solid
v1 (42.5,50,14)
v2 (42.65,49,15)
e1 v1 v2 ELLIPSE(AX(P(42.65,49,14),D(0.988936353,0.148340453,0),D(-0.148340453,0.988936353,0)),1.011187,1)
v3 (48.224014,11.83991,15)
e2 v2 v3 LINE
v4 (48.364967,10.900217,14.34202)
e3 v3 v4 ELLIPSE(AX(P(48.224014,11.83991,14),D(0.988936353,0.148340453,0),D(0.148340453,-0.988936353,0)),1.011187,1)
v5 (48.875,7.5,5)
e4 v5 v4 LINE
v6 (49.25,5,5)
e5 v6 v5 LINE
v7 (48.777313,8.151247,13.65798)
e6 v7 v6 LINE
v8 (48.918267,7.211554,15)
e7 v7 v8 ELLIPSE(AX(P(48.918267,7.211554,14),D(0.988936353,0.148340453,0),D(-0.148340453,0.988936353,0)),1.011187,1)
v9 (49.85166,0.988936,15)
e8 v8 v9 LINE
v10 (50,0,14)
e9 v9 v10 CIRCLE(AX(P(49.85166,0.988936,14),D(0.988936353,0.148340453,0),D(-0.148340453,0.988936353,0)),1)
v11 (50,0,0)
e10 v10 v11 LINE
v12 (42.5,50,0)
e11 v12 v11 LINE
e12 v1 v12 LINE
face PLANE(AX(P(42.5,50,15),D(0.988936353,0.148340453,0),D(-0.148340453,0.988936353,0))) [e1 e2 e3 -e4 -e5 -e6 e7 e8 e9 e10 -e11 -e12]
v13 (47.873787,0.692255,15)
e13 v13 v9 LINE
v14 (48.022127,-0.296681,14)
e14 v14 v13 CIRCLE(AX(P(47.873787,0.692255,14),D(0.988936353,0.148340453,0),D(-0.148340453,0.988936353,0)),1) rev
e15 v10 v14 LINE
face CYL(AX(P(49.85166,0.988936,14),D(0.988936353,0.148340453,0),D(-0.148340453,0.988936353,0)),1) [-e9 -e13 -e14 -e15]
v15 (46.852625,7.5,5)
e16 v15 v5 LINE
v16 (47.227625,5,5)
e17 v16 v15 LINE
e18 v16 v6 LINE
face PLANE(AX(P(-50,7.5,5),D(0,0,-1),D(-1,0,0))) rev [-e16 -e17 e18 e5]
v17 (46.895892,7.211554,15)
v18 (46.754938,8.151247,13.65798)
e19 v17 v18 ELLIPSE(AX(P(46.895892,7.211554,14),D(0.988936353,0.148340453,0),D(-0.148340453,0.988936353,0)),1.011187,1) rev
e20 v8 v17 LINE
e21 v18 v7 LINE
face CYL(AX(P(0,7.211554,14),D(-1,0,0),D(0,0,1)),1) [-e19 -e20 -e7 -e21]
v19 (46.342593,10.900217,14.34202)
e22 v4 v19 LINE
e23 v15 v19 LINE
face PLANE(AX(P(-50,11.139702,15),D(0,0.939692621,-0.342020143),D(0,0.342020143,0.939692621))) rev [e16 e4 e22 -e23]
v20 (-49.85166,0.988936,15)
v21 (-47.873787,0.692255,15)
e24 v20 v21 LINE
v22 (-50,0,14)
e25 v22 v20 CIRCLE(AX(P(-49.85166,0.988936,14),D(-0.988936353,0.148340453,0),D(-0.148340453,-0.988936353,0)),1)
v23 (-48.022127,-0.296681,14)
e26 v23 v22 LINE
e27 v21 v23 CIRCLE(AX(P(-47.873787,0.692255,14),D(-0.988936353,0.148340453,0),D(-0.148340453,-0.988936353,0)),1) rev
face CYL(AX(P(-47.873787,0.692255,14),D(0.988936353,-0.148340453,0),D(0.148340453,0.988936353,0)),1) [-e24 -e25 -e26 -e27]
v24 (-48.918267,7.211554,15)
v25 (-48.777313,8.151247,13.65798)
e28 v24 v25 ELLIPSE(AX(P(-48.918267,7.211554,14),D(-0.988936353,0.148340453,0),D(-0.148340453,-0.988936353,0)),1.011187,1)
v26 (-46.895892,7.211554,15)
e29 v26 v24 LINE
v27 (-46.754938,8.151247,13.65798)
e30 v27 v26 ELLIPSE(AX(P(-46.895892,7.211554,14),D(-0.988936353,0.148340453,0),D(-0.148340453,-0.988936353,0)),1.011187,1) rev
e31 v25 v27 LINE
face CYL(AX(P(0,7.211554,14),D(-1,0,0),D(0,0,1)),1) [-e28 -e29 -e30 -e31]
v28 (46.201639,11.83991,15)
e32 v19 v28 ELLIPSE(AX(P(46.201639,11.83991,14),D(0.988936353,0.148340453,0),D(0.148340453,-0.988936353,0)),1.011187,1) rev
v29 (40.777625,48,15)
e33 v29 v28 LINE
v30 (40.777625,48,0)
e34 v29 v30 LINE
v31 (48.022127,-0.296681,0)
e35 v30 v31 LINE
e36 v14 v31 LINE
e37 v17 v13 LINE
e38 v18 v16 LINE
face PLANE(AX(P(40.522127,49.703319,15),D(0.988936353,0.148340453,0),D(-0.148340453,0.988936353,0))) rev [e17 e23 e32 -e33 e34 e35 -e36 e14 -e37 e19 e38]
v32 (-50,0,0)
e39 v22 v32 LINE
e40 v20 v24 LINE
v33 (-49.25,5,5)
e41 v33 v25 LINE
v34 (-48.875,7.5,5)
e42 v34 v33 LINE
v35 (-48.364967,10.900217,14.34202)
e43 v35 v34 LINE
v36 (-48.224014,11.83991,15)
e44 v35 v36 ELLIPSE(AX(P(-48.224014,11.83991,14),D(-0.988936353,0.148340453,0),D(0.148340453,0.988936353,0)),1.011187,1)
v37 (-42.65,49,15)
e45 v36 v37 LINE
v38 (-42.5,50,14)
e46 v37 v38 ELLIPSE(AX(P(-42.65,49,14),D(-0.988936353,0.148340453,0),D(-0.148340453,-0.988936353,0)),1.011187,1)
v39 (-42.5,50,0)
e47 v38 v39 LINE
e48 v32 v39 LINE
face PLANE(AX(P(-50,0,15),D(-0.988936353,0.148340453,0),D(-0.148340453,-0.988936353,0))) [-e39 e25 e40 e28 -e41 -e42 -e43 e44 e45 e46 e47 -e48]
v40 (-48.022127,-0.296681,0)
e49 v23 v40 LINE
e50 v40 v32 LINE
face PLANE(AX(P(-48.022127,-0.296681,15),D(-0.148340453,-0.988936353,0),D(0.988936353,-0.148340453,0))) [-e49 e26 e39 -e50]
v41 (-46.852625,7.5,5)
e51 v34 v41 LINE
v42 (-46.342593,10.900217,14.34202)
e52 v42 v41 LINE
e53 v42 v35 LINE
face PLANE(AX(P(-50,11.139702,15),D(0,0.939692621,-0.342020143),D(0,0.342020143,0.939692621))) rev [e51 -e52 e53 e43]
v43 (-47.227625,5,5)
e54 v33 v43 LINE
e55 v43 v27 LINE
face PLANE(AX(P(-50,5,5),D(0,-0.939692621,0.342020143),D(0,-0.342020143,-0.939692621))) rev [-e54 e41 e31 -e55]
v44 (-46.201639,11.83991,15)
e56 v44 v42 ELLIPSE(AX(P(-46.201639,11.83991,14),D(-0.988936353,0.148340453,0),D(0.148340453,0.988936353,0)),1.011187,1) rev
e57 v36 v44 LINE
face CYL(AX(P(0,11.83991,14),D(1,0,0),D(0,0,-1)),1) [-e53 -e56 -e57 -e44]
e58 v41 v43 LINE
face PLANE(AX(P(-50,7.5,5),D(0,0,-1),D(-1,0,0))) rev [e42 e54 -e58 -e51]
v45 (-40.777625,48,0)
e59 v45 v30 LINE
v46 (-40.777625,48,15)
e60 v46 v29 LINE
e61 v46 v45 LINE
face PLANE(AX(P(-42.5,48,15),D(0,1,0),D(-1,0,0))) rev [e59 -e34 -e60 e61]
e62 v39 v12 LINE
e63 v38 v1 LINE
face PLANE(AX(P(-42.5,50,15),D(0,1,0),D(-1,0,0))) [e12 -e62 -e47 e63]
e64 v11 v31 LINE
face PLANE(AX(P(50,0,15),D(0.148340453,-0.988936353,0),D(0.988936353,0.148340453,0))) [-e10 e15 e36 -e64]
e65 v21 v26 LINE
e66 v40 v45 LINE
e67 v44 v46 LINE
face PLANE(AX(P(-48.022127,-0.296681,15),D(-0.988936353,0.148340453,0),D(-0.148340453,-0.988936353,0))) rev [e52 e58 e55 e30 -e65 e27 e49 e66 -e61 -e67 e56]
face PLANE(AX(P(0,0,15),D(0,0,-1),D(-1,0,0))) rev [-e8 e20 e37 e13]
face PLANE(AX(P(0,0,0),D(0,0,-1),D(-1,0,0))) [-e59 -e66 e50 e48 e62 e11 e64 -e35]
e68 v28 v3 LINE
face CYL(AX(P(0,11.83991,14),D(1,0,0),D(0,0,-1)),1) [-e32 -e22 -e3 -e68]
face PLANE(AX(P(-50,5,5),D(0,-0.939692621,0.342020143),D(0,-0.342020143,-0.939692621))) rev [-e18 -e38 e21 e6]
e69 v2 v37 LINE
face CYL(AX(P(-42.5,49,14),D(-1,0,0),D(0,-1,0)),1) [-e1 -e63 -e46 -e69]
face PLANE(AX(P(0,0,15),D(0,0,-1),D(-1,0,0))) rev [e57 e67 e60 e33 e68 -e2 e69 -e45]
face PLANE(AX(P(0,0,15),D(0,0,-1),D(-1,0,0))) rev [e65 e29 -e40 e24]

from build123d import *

# Parameters (mm, degrees)
LINEAR_AUSTRAGEN_D_NN1_DEPTH         = 15
VERRUNDUNG1_R                        = 1
SCHNITT_LINEAR_AUSTRAGEN2_DEPTH      = 73.284161474
SCHNITT_LINEAR_AUSTRAGEN2_DEPTH_BACK = 73.284161474
VERRUNDUNG2_R                        = 1


with BuildPart() as part:
    # Skizze1 → Linear-Austragen-Dünn1 (new body)
    with BuildSketch(Plane.XY):
        Polygon((-50, 0), (-42.5, 50), (42.5, 50), (50, 0), (48.022127294, -0.296680906), (40.777625158, 48), (-40.777625158, 48), (-48.022127294, -0.296680906), align=None)
    extrude(amount=LINEAR_AUSTRAGEN_D_NN1_DEPTH)

    # Verrundung1
    verrundung1_edges = [part.edges().sort_by_distance(p)[0] for p in [
        (0, 50, 15),
        (-49.011063647, -0.148340453, 15),
        (49.011063647, -0.148340453, 15),
    ]]
    fillet(verrundung1_edges, radius=VERRUNDUNG1_R)

    # Skizze2 → Schnitt-Linear austragen2 (cut, two sides: drawn at the far end of the back side and taken through both)
    with BuildSketch(Plane(origin=(0, 0, 0), x_dir=(0, 0, -1), z_dir=(1, 0, 0)).offset(-SCHNITT_LINEAR_AUSTRAGEN2_DEPTH_BACK)):
        Polygon((-15, 11.139702343), (-5, 7.5), (-5, 5), (-15, 8.639702343), align=None)
    extrude(amount=SCHNITT_LINEAR_AUSTRAGEN2_DEPTH + SCHNITT_LINEAR_AUSTRAGEN2_DEPTH_BACK, mode=Mode.SUBTRACT)

    # Verrundung2
    verrundung2_edges = [part.edges().sort_by_distance(p)[0] for p in [
        (-47.692857228, 8.639702343, 15),
        (47.692857228, 8.639702343, 15),
        (47.317857228, 11.139702343, 15),
        (-47.317857228, 11.139702343, 15),
    ]]
    fillet(verrundung2_edges, radius=VERRUNDUNG2_R)


solid = part.part
